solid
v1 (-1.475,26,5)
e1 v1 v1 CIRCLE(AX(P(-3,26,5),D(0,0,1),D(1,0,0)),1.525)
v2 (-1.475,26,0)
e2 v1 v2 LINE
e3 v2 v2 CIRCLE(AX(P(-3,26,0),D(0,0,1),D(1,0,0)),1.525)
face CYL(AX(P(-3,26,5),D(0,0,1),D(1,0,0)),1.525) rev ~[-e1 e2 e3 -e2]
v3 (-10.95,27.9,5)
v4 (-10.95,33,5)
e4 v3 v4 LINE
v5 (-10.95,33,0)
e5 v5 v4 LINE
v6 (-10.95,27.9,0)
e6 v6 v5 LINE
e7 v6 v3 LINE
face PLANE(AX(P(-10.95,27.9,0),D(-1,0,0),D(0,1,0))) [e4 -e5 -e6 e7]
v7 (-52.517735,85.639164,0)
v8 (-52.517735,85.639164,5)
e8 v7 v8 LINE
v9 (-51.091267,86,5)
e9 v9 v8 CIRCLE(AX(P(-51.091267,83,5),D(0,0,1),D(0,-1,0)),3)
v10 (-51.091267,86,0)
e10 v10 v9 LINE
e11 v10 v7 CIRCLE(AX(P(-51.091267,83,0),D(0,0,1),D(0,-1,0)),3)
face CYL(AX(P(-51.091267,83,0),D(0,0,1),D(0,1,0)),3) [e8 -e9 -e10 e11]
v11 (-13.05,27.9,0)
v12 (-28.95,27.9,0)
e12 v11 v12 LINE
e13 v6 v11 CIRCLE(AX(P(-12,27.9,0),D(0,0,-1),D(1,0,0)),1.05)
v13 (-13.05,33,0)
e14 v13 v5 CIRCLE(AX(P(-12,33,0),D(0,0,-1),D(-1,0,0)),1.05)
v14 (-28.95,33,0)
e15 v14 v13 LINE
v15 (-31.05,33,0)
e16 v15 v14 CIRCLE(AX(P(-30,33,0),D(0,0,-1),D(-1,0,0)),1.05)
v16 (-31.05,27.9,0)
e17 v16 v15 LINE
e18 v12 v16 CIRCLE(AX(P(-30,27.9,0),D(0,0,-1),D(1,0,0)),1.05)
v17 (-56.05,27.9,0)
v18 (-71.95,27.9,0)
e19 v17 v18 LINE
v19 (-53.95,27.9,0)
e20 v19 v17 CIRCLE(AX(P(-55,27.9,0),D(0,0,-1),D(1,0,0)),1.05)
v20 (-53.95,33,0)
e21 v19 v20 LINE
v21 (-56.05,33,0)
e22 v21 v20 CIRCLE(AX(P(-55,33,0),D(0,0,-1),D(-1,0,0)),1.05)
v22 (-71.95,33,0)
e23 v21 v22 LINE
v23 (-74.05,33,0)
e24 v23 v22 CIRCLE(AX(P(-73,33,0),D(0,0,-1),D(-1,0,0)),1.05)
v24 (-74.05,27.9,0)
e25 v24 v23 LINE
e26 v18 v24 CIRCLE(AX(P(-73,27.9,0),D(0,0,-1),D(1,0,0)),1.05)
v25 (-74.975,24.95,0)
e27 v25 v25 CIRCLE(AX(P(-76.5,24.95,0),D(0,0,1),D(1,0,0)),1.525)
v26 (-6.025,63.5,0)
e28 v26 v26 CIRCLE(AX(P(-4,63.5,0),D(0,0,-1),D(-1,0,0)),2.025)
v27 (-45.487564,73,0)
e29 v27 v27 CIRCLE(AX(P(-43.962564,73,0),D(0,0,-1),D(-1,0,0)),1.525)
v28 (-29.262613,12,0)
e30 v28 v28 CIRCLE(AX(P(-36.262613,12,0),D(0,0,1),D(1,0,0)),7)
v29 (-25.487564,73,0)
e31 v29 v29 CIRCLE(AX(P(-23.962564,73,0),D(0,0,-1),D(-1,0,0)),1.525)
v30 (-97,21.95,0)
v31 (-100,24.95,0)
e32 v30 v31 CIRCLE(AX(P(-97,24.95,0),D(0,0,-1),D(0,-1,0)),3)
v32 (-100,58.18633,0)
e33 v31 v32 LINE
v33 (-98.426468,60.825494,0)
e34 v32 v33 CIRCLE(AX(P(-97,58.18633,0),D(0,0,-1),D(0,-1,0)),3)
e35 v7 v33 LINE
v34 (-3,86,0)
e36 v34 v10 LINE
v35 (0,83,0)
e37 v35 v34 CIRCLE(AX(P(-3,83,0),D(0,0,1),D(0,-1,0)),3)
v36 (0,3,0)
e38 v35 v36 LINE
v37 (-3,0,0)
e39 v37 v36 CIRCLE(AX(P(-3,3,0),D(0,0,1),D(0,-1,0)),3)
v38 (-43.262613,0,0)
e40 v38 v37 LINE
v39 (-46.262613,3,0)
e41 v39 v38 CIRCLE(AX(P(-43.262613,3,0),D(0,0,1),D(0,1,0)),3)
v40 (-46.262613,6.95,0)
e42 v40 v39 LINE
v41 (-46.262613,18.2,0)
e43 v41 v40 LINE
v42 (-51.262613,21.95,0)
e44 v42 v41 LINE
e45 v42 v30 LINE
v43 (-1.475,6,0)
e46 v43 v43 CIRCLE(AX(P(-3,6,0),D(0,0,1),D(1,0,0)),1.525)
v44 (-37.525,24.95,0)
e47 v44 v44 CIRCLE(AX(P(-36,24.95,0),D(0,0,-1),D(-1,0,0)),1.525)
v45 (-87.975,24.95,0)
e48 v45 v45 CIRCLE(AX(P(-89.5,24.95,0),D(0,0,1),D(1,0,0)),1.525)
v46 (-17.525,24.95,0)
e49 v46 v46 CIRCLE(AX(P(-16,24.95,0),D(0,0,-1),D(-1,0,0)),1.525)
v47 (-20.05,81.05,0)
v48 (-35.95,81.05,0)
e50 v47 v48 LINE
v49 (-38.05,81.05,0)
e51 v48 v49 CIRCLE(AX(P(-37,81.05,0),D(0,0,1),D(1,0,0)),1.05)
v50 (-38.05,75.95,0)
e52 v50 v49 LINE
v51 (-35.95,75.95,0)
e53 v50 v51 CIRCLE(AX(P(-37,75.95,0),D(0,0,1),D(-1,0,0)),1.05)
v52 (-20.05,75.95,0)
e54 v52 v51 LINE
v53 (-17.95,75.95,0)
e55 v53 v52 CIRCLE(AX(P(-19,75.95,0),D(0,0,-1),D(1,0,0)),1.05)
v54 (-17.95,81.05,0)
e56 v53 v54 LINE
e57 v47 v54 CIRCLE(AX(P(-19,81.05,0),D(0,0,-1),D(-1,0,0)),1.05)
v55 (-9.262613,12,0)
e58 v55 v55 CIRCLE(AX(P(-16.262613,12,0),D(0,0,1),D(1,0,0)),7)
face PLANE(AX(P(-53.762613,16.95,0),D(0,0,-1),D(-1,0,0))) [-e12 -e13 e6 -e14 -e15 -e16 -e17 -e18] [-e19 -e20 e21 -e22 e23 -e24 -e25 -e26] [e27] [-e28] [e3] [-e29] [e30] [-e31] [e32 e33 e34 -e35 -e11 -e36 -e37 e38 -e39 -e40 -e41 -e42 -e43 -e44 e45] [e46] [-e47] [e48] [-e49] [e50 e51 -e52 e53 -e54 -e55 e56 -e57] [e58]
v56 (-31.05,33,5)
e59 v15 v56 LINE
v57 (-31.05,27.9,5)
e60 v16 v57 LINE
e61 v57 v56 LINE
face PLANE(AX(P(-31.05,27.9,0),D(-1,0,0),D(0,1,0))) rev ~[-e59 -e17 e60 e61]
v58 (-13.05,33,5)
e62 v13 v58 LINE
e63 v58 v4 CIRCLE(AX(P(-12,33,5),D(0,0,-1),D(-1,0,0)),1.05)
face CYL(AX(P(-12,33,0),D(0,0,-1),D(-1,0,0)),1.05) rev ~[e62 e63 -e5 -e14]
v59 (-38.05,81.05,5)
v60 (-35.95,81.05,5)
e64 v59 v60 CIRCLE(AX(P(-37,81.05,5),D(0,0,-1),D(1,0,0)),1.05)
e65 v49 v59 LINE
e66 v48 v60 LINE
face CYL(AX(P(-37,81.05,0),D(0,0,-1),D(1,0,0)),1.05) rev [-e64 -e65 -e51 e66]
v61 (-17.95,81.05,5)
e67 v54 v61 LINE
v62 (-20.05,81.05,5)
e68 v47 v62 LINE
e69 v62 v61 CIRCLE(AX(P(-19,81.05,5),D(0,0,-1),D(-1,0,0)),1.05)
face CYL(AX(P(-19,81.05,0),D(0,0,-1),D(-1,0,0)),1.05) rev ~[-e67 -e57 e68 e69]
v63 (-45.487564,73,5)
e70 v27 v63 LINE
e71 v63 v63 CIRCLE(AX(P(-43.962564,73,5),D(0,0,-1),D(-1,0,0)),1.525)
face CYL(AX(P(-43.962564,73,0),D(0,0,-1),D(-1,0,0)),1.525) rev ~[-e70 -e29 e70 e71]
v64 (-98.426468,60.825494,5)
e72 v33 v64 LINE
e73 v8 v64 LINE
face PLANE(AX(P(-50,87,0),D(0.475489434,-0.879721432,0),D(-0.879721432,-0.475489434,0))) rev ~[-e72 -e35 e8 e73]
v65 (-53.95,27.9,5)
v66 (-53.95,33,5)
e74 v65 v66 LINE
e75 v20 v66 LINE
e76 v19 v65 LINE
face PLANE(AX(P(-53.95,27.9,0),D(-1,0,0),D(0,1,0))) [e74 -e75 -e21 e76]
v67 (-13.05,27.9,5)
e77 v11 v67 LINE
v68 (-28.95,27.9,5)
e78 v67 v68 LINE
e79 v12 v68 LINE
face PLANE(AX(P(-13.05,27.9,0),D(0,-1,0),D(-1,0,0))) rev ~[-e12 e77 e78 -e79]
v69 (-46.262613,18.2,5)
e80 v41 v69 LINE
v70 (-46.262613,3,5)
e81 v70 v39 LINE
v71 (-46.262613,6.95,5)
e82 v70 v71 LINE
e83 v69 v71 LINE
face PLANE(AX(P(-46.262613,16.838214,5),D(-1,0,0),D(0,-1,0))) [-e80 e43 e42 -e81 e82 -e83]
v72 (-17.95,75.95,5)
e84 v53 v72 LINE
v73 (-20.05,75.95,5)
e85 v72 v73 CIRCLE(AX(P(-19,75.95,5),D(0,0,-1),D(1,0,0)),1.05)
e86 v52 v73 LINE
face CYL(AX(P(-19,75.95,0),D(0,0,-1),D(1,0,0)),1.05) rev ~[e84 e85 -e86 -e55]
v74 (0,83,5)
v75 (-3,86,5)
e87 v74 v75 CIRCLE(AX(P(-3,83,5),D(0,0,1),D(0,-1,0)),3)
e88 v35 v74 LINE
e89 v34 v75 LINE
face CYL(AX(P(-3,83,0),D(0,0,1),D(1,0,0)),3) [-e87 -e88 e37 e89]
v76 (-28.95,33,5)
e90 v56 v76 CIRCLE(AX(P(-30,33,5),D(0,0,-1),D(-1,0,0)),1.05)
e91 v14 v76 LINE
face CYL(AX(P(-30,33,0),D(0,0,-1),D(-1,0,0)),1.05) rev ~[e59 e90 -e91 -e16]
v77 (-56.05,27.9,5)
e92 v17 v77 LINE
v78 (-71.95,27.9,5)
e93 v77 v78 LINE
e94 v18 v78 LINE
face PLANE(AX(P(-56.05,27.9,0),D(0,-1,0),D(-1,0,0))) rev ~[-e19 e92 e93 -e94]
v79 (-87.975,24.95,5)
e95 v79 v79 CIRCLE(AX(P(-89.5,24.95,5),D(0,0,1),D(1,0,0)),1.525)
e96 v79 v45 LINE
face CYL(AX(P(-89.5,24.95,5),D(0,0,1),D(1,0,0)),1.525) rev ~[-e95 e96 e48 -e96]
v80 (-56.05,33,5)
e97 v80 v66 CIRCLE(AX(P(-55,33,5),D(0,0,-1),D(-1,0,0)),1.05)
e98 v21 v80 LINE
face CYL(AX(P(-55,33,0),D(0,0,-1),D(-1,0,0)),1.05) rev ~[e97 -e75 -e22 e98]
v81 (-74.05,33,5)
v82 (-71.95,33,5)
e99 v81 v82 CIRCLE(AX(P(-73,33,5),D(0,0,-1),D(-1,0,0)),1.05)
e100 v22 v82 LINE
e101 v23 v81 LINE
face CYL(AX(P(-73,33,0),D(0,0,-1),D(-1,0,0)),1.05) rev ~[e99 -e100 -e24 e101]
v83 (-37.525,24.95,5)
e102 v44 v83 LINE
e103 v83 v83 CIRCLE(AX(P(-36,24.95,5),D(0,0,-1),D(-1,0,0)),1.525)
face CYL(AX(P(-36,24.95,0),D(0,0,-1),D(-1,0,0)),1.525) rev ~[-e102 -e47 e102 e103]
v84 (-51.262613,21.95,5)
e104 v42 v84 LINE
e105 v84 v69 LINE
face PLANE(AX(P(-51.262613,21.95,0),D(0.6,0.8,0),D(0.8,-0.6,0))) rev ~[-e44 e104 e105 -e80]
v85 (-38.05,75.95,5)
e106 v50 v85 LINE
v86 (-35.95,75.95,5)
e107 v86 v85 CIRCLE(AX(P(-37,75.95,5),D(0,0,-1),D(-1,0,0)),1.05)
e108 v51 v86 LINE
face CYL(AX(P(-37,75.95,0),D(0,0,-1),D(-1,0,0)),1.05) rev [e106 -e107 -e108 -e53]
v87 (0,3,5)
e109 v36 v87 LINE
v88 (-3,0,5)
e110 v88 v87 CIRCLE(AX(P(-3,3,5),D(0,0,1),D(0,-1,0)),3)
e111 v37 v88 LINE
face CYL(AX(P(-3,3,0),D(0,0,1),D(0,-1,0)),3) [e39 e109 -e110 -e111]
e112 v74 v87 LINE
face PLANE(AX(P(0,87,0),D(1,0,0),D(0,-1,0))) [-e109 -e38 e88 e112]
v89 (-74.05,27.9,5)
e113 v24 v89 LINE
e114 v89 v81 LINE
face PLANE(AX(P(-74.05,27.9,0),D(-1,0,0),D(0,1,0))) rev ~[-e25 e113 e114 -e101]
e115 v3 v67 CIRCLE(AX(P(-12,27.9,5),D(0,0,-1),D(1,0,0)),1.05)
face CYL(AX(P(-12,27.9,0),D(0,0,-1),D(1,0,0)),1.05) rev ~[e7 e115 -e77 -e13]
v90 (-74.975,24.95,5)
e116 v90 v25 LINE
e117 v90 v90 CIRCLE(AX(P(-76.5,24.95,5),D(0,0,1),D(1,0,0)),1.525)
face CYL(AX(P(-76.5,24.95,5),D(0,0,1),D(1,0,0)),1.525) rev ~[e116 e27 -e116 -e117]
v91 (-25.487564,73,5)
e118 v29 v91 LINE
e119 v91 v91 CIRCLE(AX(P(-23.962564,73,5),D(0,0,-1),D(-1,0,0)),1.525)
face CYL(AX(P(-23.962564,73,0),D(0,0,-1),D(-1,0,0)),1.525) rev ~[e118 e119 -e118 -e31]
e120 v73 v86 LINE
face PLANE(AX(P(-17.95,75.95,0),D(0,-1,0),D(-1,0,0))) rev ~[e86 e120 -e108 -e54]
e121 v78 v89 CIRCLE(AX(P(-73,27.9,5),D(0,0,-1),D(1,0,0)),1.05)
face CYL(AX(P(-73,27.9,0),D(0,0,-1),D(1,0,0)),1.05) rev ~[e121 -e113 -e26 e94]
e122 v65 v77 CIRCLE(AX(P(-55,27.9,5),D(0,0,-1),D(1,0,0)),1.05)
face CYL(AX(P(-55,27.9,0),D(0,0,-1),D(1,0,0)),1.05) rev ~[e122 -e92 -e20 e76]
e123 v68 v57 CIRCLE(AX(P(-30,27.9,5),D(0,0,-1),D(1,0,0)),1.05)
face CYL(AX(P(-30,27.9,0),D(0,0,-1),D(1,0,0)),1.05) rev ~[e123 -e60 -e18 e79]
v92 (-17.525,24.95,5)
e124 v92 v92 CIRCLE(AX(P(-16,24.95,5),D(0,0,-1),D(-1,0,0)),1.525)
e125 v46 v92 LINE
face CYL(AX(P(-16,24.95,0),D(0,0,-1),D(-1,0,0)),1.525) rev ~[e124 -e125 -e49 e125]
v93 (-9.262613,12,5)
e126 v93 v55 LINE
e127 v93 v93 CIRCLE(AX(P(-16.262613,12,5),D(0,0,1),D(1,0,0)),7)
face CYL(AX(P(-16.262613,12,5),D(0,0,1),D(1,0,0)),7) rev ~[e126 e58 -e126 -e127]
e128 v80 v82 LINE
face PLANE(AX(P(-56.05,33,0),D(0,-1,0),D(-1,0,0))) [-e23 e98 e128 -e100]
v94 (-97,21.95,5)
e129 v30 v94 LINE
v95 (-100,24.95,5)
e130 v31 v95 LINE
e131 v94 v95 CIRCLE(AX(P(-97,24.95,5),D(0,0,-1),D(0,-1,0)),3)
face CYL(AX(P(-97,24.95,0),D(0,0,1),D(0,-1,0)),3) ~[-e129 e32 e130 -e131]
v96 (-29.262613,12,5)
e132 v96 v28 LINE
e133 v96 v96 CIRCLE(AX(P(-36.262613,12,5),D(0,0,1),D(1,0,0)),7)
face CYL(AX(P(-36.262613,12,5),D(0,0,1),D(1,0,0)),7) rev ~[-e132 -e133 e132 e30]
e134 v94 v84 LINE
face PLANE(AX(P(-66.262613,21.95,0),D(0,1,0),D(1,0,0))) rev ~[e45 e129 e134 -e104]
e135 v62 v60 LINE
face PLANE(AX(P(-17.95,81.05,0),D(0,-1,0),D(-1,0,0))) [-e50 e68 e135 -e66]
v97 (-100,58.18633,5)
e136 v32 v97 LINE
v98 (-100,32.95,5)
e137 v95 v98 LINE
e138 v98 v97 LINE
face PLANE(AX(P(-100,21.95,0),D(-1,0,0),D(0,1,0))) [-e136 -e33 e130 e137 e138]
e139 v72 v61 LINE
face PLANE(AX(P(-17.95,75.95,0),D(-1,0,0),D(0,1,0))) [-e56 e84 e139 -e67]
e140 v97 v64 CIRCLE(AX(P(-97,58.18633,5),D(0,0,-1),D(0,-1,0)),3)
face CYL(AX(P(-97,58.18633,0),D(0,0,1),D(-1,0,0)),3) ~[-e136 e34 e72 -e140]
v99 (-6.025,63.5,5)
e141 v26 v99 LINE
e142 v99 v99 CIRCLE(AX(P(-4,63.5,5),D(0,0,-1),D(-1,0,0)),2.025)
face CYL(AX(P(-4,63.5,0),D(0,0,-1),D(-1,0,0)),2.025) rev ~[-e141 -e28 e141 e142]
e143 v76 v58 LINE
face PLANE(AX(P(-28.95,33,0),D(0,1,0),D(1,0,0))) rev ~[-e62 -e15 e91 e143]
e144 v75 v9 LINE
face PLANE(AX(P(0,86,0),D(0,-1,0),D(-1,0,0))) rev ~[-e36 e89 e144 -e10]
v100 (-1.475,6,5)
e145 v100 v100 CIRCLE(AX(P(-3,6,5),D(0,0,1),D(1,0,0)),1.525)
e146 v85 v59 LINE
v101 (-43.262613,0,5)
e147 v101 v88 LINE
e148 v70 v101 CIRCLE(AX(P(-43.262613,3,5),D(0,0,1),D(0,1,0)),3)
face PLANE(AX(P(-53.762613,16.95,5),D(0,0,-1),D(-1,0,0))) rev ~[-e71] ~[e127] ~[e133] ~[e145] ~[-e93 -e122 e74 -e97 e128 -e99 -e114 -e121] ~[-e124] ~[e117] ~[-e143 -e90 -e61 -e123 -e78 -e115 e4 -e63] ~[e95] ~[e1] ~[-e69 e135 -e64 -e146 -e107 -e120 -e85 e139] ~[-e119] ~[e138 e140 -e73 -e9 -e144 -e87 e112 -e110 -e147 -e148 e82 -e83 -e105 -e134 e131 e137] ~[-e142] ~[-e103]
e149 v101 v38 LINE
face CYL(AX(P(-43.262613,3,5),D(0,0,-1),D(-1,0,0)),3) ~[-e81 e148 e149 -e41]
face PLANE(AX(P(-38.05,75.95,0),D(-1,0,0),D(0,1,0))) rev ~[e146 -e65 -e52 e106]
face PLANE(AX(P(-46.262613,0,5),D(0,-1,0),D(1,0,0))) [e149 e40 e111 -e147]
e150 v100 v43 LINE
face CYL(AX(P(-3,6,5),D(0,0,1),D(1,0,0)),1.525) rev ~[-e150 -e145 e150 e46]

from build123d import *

# Parameters (mm, degrees)
EXTRUDE_1_DEPTH           = 5
SKETCH_4_W                = 20.1
SKETCH_4_H                = 5.1
CUT_EXTRUDE_3_DEPTH       = 1
CUT_EXTRUDE_3_DEPTH_BACK  = 6
CUT_EXTRUDE_4_DEPTH       = 6
SKETCH_6_R                = 1.525
CUT_EXTRUDE_5_DEPTH       = 1
CUT_EXTRUDE_5_DEPTH_BACK  = 6
CUT_EXTRUDE_6_DEPTH       = 1
CUT_EXTRUDE_6_DEPTH_BACK  = 6
SKETCH_8_W                = 53.737387097
SKETCH_8_H                = 38.025
EXTRUDE_2_DEPTH           = 5
SKETCH_11_R               = 1.525
CUT_EXTRUDE_9_DEPTH       = 1
CUT_EXTRUDE_9_DEPTH_BACK  = 6
SKETCH_14_R               = 2.025
CUT_EXTRUDE_10_DEPTH      = 10
SKETCH_15_W               = 2.1
SKETCH_15_H               = 5.1
SKETCH_15_W_2             = 15.9
CUT_EXTRUDE_11_DEPTH      = 6
SKETCH_16_R               = 1.525
CUT_EXTRUDE_12_DEPTH      = 1
CUT_EXTRUDE_12_DEPTH_BACK = 6
CUT_EXTRUDE_13_DEPTH      = 10
EXTRUDE_3_DEPTH           = 5
EXTRUDE_4_DEPTH           = 5
FILLET_1_R                = 3
SKETCH_20_R               = 7
CUT_EXTRUDE_14_DEPTH      = 5
SKETCH_21_R               = 1.525
CUT_EXTRUDE_15_DEPTH      = 8
CUT_EXTRUDE_17_DEPTH      = 6


with BuildPart() as part:
    # 草图1 → 凸台-拉伸1 (new body)
    with BuildSketch(Plane.XY):
        Polygon((0, 0), (-46.262612903, 16.838214056), (-46.262612903, 27.95), (-86.262612903, 27.95), (-100, 32.95), (-100, 87), (0, 87), align=None)
    extrude(amount=EXTRUDE_1_DEPTH)

    # 草图4 → 切除-拉伸3 (cut, two sides)
    with BuildSketch(Plane(origin=(0, 0, 0), x_dir=(-1, 0, 0), z_dir=(0, 0, -1))) as cut_extrude_3_sk:
        with Locations((28, 78.5)):
            Rectangle(SKETCH_4_W, SKETCH_4_H)
    extrude(amount=CUT_EXTRUDE_3_DEPTH, mode=Mode.SUBTRACT)
    extrude(cut_extrude_3_sk.sketch, amount=-CUT_EXTRUDE_3_DEPTH_BACK, mode=Mode.SUBTRACT)

    # 草图5 → 切除-拉伸4 (cut, through all)
    with BuildSketch(Plane(origin=(0, 0, 0), x_dir=(-1, 0, 0), z_dir=(0, 0, -1))):
        with BuildLine():
            Line((38.05, 81.05), (38.05, 75.95))
            ThreePointArc((38.05, 75.95), (37, 74.9), (35.95, 75.95))
            Line((35.95, 75.95), (35.95, 81.05))
            ThreePointArc((35.95, 81.05), (37, 82.1), (38.05, 81.05))
        make_face()
        with BuildLine():
            Line((17.95, 81.05), (17.95, 75.95))
            ThreePointArc((17.95, 75.95), (19, 74.9), (20.05, 75.95))
            Line((20.05, 75.95), (20.05, 81.05))
            ThreePointArc((20.05, 81.05), (19, 82.1), (17.95, 81.05))
        make_face()
    extrude(amount=-CUT_EXTRUDE_4_DEPTH, mode=Mode.SUBTRACT)

    # 草图6 → 切除-拉伸5 (cut, two sides)
    with BuildSketch(Plane(origin=(0, 0, 0), x_dir=(-1, 0, 0), z_dir=(0, 0, -1))) as cut_extrude_5_sk:
        with Locations((23.96256416, 73)):
            Circle(SKETCH_6_R)
        with Locations((43.96256416, 73)):
            Circle(SKETCH_6_R)
    extrude(amount=CUT_EXTRUDE_5_DEPTH, mode=Mode.SUBTRACT)
    extrude(cut_extrude_5_sk.sketch, amount=-CUT_EXTRUDE_5_DEPTH_BACK, mode=Mode.SUBTRACT)

    # 草图7 → 切除-拉伸6 (cut, two sides)
    with BuildSketch(Plane(origin=(0, 0, 0), x_dir=(-1, 0, 0), z_dir=(0, 0, -1))) as cut_extrude_6_sk:
        Polygon((50, 87), (100, 59.975), (100, 87), align=None)
    extrude(amount=CUT_EXTRUDE_6_DEPTH, mode=Mode.SUBTRACT)
    extrude(cut_extrude_6_sk.sketch, amount=-CUT_EXTRUDE_6_DEPTH_BACK, mode=Mode.SUBTRACT)

    # 草图8 → 凸台-拉伸2 (add)
    with BuildSketch(Plane(origin=(0, 0, 0), x_dir=(-1, 0, 0), z_dir=(0, 0, -1))):
        with Locations((73.131306451, 40.9625)):
            Rectangle(SKETCH_8_W, SKETCH_8_H)
    extrude(amount=-EXTRUDE_2_DEPTH)

    # 草图11 → 切除-拉伸9 (cut, two sides)
    with BuildSketch(Plane.XY.offset(5)) as cut_extrude_9_sk:
        with Locations((-3, 6)):
            Circle(SKETCH_11_R)
        with Locations((-3, 26)):
            Circle(SKETCH_11_R)
    extrude(amount=CUT_EXTRUDE_9_DEPTH, mode=Mode.SUBTRACT)
    extrude(cut_extrude_9_sk.sketch, amount=-CUT_EXTRUDE_9_DEPTH_BACK, mode=Mode.SUBTRACT)

    # 草图14 → 切除-拉伸10 (cut)
    with BuildSketch(Plane(origin=(0, 0, 0), x_dir=(-1, 0, 0), z_dir=(0, 0, -1))):
        with Locations((4, 63.499999999)):
            Circle(SKETCH_14_R)
    extrude(amount=-CUT_EXTRUDE_10_DEPTH, mode=Mode.SUBTRACT)

    # 草图15 → 切除-拉伸11 (cut, through all)
    with BuildSketch(Plane(origin=(0, 0, 0), x_dir=(-1, 0, 0), z_dir=(0, 0, -1))):
        with BuildLine():
            ThreePointArc((56.05, 33), (55, 34.05), (53.95, 33))
            Line((53.95, 33), (56.05, 33))
        make_face()
        with Locations((55, 30.45)):
            Rectangle(SKETCH_15_W, SKETCH_15_H)
        with Locations((64, 30.45)):
            Rectangle(SKETCH_15_W_2, SKETCH_15_H)
        with BuildLine():
            Line((56.05, 27.9), (53.95, 27.9))
            ThreePointArc((53.95, 27.9), (55, 26.85), (56.05, 27.9))
        make_face()
        with BuildLine():
            ThreePointArc((74.05, 33), (73, 34.05), (71.95, 33))
            Line((71.95, 33), (74.05, 33))
        make_face()
        with Locations((73, 30.45)):
            Rectangle(SKETCH_15_W, SKETCH_15_H)
        with BuildLine():
            Line((74.05, 27.9), (71.95, 27.9))
            ThreePointArc((71.95, 27.9), (73, 26.85), (74.05, 27.9))
        make_face()
        with Locations((12, 30.45)):
            Rectangle(SKETCH_15_W, SKETCH_15_H)
        with BuildLine():
            Line((13.05, 27.9), (10.95, 27.9))
            ThreePointArc((10.95, 27.9), (12, 26.85), (13.05, 27.9))
        make_face()
        with Locations((21, 30.45)):
            Rectangle(SKETCH_15_W_2, SKETCH_15_H)
        with BuildLine():
            ThreePointArc((13.05, 33), (12, 34.05), (10.95, 33))
            Line((10.95, 33), (13.05, 33))
        make_face()
        with Locations((30, 30.45)):
            Rectangle(SKETCH_15_W, SKETCH_15_H)
        with BuildLine():
            Line((31.05, 27.9), (28.95, 27.9))
            ThreePointArc((28.95, 27.9), (30, 26.85), (31.05, 27.9))
        make_face()
        with BuildLine():
            ThreePointArc((31.05, 33), (30, 34.05), (28.95, 33))
            Line((28.95, 33), (31.05, 33))
        make_face()
    extrude(amount=-CUT_EXTRUDE_11_DEPTH, mode=Mode.SUBTRACT)

    # 草图16 → 切除-拉伸12 (cut, two sides)
    with BuildSketch(Plane(origin=(0, 0, 0), x_dir=(-1, 0, 0), z_dir=(0, 0, -1))) as cut_extrude_12_sk:
        with Locations((16, 24.95)):
            Circle(SKETCH_16_R)
        with Locations((36, 24.95)):
            Circle(SKETCH_16_R)
    extrude(amount=CUT_EXTRUDE_12_DEPTH, mode=Mode.SUBTRACT)
    extrude(cut_extrude_12_sk.sketch, amount=-CUT_EXTRUDE_12_DEPTH_BACK, mode=Mode.SUBTRACT)

    # 草图17 → 切除-拉伸13 (cut)
    with BuildSketch(Plane(origin=(0, 0, 0), x_dir=(-1, 0, 0), z_dir=(0, 0, -1))):
        Polygon((0, 86), (51.85013876, 86), (50, 87), (0, 87), align=None)
    extrude(amount=-CUT_EXTRUDE_13_DEPTH, mode=Mode.SUBTRACT)

    # 草图18 → 凸台-拉伸3 (add)
    with BuildSketch(Plane.XY.offset(5)):
        Polygon((-46.262612903, 16.838214056), (-46.262612903, 0), (0, 0), align=None)
    extrude(amount=-EXTRUDE_3_DEPTH)

    # 草图19 → 凸台-拉伸4 (add)
    with BuildSketch(Plane.XY.offset(5)):
        Polygon((-46.262612903, 6.95), (-66.262612903, 21.95), (-46.262612903, 21.95), align=None)
    extrude(amount=-EXTRUDE_4_DEPTH)

    # 圆角1
    fillet_1_edges = [part.edges().sort_by_distance(p)[0] for p in [
        (-100, 21.95, 2.5),
        (0, 0, 2.5),
        (-51.85013876, 86, 2.5),
        (0, 86, 2.5),
        (-46.262612903, 0, 2.5),
        (-100, 59.975, 2.5),
    ]]
    fillet(fillet_1_edges, radius=FILLET_1_R)

    # 草图20 → 切除-拉伸14 (cut)
    with BuildSketch(Plane.XY.offset(5)):
        with Locations((-36.262612903, 12)):
            Circle(SKETCH_20_R)
        with Locations((-16.262612903, 12)):
            Circle(SKETCH_20_R)
    extrude(amount=-CUT_EXTRUDE_14_DEPTH, mode=Mode.SUBTRACT)

    # 草图21 → 切除-拉伸15 (cut)
    with BuildSketch(Plane.XY.offset(5)):
        with Locations((-89.5, 24.95)):
            Circle(SKETCH_21_R)
        with Locations((-76.5, 24.95)):
            Circle(SKETCH_21_R)
    extrude(amount=-CUT_EXTRUDE_15_DEPTH, mode=Mode.SUBTRACT)

    # 草图23 → 切除-拉伸17 (cut, through all)
    with BuildSketch(Plane(origin=(0, 0, 0), x_dir=(-1, 0, 0), z_dir=(0, 0, -1))):
        Polygon((46.262612903, 18.2), (46.262612903, 6.95), (66.262612903, 21.95), (51.262612903, 21.95), align=None)
    extrude(amount=-CUT_EXTRUDE_17_DEPTH, mode=Mode.SUBTRACT)


solid = part.part
